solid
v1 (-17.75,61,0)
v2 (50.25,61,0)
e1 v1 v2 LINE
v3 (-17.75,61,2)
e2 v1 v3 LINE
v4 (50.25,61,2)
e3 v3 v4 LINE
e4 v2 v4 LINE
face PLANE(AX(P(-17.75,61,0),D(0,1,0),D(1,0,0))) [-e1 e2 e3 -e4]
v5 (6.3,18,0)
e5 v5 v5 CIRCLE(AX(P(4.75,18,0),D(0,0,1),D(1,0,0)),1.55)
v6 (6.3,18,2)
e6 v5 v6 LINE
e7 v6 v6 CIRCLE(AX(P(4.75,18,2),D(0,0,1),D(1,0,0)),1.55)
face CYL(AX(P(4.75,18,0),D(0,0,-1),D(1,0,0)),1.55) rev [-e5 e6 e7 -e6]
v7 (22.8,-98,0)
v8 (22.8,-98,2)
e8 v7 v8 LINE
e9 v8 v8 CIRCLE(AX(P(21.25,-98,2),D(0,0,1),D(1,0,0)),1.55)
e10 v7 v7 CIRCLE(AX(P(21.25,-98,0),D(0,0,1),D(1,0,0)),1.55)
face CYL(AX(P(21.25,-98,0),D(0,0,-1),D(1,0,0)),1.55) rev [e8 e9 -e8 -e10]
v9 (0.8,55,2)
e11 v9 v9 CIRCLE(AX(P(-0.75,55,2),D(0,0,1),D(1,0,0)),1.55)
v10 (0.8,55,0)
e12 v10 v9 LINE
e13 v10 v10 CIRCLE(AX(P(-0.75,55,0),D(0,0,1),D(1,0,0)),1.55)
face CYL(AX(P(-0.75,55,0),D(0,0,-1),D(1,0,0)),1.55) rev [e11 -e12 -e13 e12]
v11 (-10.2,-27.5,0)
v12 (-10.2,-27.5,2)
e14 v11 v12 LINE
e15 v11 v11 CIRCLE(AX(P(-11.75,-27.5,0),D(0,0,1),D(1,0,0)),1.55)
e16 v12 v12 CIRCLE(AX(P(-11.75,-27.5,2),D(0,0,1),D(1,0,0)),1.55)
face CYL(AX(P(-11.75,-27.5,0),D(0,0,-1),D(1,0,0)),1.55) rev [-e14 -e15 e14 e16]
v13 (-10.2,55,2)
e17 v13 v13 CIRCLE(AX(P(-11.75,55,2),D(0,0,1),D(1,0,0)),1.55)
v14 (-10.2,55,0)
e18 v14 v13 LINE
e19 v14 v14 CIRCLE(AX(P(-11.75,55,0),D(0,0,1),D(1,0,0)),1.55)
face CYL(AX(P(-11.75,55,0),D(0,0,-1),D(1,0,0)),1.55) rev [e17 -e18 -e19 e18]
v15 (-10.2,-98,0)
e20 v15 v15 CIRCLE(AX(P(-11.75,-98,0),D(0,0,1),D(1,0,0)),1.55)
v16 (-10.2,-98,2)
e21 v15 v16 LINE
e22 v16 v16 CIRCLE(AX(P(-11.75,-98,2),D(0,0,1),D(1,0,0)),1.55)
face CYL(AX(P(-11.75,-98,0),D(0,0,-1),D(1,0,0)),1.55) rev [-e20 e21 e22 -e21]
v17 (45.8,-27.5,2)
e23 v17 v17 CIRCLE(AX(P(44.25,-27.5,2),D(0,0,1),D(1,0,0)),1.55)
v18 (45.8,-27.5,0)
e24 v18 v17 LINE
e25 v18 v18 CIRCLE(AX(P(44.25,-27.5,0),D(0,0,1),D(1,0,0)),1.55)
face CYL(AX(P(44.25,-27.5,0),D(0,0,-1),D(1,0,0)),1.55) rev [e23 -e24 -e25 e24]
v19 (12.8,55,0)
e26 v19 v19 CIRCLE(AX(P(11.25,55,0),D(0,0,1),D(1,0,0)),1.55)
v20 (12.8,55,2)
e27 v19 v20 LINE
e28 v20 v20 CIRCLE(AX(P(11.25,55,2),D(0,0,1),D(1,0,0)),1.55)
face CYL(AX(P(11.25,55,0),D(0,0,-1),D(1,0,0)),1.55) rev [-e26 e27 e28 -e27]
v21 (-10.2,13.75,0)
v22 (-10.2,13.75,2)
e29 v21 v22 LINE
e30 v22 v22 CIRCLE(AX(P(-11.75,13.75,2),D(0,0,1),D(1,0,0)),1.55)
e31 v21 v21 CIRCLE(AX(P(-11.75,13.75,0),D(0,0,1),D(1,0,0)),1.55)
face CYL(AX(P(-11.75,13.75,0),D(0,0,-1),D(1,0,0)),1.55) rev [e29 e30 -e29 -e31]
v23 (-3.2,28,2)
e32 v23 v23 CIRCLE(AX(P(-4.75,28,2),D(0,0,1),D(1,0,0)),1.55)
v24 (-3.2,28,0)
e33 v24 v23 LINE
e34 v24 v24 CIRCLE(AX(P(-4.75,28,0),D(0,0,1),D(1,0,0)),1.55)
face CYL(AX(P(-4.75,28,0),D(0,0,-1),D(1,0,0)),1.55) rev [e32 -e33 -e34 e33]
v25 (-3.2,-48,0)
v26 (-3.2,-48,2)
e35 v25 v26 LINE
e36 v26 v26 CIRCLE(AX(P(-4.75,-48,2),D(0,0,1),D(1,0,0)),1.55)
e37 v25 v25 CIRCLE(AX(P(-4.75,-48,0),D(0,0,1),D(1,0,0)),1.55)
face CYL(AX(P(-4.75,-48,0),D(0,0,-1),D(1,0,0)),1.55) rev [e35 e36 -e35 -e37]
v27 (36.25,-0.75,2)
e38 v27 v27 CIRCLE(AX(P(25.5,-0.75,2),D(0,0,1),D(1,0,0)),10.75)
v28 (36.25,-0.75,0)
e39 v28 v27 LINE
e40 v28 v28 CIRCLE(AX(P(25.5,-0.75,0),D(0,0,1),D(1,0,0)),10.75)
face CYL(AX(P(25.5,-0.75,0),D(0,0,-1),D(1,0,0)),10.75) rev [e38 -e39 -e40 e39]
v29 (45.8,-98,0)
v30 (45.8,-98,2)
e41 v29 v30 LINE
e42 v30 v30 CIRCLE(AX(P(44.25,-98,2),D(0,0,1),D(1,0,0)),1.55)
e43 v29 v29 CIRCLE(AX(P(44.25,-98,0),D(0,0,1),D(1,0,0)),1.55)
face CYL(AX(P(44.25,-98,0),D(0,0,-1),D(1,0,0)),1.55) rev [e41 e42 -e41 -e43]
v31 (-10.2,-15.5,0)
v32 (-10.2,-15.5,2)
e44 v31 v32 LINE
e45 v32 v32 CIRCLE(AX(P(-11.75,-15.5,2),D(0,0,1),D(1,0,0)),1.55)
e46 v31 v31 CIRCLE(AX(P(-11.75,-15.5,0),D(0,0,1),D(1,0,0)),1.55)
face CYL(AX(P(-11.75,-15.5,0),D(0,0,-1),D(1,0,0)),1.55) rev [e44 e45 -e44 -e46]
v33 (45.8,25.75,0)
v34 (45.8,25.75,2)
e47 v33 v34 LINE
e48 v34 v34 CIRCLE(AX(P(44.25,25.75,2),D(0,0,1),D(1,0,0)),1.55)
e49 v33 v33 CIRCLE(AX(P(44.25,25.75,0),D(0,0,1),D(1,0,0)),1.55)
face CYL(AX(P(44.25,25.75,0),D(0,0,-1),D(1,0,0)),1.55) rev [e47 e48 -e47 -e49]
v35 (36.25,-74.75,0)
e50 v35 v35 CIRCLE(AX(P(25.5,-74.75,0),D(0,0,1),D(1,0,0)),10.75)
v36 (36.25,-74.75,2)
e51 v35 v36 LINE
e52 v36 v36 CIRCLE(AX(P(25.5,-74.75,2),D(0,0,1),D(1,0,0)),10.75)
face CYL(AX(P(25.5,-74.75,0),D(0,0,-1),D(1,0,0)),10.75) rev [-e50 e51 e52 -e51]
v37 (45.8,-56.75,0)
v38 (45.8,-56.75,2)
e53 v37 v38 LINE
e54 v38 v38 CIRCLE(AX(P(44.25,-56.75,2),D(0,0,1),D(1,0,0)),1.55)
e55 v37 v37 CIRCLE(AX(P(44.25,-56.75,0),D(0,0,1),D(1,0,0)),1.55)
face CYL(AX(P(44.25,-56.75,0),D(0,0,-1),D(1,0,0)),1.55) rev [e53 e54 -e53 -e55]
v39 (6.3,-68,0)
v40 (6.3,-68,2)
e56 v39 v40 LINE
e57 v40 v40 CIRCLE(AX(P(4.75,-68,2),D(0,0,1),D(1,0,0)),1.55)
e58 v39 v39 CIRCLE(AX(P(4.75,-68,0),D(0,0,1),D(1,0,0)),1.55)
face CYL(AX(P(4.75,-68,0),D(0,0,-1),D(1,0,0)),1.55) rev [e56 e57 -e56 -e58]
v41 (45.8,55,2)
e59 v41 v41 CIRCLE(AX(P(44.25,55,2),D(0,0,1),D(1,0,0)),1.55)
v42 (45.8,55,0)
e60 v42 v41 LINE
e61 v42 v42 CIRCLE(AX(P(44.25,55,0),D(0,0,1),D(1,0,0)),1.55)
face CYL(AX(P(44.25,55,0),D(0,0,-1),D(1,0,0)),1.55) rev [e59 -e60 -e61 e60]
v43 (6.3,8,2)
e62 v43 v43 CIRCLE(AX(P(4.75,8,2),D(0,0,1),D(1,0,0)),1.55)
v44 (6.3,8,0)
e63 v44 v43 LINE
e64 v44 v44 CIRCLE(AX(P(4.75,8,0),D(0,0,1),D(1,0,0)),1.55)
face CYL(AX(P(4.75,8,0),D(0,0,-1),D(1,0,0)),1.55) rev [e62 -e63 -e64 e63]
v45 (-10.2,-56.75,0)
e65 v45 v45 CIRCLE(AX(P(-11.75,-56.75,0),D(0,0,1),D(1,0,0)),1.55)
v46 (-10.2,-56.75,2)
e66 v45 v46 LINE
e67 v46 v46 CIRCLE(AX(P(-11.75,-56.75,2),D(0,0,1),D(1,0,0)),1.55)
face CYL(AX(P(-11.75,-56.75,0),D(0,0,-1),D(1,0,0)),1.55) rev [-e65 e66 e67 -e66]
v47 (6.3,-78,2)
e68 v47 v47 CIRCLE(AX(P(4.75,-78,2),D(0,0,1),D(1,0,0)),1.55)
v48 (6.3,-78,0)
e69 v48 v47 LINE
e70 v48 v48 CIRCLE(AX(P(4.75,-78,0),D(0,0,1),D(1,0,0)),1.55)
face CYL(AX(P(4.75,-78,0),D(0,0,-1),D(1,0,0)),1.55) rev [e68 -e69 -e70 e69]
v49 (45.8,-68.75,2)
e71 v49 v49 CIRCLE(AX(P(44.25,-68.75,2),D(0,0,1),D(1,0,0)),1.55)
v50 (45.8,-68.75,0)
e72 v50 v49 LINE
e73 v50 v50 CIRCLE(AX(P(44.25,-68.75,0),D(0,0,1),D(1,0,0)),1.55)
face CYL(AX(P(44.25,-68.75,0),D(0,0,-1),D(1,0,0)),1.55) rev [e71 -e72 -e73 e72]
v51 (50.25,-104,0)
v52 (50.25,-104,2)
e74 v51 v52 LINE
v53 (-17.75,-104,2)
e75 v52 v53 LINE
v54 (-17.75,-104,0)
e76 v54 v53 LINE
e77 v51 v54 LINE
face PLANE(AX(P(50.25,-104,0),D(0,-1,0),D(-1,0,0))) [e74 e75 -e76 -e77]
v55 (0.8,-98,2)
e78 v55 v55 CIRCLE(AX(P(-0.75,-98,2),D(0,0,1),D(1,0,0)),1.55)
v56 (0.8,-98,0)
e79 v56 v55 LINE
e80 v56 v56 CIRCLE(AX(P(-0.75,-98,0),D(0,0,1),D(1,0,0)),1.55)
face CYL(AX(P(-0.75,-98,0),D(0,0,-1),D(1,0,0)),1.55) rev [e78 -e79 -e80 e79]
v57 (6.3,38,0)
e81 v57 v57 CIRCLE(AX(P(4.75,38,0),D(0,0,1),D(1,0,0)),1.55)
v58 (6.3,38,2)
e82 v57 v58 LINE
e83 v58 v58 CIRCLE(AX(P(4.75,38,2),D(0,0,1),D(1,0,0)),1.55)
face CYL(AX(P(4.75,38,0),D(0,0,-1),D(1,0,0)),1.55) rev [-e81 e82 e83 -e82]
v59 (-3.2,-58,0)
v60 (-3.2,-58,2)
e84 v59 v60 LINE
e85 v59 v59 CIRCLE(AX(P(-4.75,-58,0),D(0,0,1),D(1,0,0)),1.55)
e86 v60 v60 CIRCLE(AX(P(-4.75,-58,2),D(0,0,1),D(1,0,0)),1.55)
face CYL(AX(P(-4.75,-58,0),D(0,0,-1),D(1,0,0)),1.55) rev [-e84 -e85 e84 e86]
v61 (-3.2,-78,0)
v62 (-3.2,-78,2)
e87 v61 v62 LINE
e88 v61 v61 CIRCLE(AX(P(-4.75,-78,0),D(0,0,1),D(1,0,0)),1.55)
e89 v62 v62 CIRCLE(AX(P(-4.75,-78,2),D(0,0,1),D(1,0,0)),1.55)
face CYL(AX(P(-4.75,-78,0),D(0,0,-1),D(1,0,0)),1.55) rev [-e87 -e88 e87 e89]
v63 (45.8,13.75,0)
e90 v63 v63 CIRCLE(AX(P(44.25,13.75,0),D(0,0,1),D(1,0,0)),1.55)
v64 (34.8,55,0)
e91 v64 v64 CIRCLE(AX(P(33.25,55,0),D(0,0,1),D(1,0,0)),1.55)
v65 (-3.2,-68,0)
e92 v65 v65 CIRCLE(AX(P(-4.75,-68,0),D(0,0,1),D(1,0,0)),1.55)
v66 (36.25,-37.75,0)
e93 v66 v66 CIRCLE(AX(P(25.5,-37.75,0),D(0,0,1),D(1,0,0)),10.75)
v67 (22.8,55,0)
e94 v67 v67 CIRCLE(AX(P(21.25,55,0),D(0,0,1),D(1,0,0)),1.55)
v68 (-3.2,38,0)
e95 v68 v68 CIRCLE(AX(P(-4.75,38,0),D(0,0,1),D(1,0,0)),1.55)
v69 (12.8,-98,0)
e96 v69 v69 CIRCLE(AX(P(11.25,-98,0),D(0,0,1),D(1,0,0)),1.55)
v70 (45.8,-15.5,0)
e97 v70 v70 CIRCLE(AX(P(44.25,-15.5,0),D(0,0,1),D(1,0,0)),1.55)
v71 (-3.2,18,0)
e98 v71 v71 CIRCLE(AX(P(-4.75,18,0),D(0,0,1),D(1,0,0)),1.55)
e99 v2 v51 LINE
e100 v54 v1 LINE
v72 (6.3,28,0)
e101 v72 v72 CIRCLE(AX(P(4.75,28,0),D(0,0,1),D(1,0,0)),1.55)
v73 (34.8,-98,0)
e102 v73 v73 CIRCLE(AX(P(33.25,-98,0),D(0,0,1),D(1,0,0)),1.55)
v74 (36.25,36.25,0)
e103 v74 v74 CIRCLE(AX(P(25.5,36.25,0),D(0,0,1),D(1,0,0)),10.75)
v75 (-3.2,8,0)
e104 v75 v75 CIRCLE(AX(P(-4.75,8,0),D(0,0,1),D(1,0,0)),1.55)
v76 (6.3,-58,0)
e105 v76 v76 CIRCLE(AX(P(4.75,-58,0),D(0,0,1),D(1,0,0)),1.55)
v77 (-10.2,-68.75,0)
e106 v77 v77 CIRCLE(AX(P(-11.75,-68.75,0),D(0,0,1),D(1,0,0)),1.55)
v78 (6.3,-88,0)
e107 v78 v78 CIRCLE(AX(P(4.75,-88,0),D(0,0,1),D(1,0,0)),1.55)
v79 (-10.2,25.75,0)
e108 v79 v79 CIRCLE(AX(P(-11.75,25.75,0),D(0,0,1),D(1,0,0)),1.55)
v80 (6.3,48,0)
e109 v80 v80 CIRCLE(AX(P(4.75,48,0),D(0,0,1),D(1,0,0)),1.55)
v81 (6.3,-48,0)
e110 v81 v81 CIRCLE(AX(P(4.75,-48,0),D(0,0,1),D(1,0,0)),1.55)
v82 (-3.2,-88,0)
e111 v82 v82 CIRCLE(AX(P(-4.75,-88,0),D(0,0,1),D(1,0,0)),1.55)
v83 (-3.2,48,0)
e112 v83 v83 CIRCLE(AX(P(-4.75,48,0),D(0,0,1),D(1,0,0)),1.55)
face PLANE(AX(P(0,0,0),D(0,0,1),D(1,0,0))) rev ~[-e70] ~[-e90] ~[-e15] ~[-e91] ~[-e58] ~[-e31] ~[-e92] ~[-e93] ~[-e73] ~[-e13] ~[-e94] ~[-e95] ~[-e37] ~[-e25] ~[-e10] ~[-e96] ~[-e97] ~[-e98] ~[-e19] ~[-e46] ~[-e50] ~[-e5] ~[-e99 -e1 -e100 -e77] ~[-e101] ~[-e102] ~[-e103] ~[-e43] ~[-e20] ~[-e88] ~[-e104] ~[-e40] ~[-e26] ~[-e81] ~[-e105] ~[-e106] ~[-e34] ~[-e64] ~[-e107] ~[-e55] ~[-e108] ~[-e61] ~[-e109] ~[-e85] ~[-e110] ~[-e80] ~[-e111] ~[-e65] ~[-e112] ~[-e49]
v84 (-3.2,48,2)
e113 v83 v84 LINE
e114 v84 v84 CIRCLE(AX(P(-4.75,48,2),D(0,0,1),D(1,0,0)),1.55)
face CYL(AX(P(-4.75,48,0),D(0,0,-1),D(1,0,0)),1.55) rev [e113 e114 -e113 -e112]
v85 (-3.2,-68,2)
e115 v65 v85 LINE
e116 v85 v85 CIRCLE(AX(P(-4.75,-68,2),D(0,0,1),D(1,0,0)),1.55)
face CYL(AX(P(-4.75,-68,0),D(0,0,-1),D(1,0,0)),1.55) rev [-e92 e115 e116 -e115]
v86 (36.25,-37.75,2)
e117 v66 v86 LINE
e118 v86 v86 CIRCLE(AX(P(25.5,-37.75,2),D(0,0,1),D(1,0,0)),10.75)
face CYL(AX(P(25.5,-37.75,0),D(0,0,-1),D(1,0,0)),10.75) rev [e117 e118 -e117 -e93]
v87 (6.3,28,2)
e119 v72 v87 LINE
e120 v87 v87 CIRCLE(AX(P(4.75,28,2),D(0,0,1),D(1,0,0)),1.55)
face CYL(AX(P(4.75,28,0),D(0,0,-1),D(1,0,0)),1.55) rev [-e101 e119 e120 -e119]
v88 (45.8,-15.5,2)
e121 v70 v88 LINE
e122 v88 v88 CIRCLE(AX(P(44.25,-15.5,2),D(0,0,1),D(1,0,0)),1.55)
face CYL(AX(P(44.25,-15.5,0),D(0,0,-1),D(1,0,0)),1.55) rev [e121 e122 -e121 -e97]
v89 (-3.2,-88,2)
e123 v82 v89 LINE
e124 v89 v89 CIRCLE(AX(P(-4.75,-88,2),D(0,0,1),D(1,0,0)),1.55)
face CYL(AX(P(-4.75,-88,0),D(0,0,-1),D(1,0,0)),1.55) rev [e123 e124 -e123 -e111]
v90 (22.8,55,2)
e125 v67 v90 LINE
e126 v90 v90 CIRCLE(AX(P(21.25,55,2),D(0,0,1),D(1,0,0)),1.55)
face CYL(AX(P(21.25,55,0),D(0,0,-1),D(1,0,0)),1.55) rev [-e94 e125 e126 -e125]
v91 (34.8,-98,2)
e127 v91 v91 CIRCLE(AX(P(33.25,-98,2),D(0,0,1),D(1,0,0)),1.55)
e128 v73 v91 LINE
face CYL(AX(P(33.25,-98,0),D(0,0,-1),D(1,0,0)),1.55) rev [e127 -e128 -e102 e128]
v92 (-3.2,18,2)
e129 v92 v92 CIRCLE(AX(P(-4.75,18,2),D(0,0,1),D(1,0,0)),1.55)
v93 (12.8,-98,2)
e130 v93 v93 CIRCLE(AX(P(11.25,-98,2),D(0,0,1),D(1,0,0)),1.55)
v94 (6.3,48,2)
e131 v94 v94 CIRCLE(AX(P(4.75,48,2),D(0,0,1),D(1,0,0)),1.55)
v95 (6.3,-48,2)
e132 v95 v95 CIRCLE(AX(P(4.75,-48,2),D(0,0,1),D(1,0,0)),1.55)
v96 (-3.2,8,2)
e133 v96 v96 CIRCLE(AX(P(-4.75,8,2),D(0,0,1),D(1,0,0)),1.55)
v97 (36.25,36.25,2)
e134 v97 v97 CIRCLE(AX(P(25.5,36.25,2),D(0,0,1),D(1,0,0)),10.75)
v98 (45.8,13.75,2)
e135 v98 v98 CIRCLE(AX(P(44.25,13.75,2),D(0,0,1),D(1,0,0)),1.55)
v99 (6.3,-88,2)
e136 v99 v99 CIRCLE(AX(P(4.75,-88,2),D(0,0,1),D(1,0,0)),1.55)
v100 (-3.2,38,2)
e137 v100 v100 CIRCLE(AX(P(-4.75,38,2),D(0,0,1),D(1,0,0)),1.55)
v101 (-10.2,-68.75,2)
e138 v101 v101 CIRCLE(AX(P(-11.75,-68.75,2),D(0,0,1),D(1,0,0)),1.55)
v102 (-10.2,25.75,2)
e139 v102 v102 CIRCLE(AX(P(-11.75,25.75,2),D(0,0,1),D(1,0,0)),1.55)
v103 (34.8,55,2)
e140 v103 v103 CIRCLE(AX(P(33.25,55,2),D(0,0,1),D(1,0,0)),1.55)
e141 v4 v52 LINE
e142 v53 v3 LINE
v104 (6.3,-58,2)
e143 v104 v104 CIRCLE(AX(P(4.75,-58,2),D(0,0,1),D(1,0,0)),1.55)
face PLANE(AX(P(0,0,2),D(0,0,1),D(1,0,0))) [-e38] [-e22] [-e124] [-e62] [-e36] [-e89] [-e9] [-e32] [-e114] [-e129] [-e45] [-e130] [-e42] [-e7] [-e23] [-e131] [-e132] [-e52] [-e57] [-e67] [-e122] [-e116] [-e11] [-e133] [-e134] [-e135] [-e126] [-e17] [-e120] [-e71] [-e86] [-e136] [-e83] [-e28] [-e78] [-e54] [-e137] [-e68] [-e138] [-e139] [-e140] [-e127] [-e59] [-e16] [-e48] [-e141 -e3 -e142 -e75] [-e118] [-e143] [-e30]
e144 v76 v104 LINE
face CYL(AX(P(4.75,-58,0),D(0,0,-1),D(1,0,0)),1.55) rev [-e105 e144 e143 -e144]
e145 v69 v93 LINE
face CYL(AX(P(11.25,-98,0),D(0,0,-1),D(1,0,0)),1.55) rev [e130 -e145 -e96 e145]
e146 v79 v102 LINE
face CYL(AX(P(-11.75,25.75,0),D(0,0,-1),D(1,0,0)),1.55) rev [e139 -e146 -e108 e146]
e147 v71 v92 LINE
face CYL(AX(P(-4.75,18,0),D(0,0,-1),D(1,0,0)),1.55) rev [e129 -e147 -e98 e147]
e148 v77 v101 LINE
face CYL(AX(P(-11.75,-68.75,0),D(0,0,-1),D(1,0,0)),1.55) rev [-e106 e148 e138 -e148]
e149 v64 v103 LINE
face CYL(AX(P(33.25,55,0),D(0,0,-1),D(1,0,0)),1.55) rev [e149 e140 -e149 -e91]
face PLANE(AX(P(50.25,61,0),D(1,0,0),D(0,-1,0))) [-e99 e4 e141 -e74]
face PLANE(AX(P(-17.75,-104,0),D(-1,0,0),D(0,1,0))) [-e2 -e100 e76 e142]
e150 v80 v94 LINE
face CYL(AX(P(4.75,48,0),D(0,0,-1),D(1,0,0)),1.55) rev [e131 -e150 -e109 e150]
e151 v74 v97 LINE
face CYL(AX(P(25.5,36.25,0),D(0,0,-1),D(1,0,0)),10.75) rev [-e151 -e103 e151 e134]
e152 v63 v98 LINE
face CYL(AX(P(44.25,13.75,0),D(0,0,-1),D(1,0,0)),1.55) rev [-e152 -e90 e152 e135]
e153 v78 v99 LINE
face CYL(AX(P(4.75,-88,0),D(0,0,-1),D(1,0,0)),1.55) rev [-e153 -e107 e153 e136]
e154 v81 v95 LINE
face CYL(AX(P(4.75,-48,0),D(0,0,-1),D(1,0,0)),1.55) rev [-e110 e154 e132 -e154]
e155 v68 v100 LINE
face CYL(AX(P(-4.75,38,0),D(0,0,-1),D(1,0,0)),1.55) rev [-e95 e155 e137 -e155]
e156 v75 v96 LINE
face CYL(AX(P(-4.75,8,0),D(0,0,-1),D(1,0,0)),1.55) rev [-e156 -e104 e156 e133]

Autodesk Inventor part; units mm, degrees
ref_plane "YZ Plane" through (0, 0, 0) normal (1, 0, 0) x (0, 1, 0)
ref_plane "XZ Plane" through (0, 0, 0) normal (0, 1, 0) x (-1, 0, 0)
ref_plane "XY Plane" through (0, 0, 0) normal (0, 0, 1) x (1, 0, 0)
sketch "スケッチ1" plane through (0, 0, 0) normal (0, 0, 1) x (1, 0, 0)
  circle A0 centre (-4.75, 48) radius 1.55
  circle A1 centre (4.75, 48) radius 1.55
  circle A2 centre (-4.75, -48) radius 1.55
  circle A3 centre (4.75, -48) radius 1.55
  line L0 (-4.75, -48) -> (4.75, -48) construction
  line L1 (4.75, -48) -> (4.75, 48) construction
  line L2 (4.75, 48) -> (-4.75, 48) construction
  line L3 (-4.75, 48) -> (-4.75, -48) construction
  line L4 (-4.75, -48) -> (4.75, 48) construction
  line L5 (4.75, -48) -> (-4.75, 48) construction
  line L6 (-17.75, 61) -> (50.25, 61)
  line L7 (50.25, 61) -> (50.25, -104)
  line L8 (50.25, -104) -> (-17.75, -104)
  line L9 (-17.75, -104) -> (-17.75, 61)
  circle A4 centre (44.25, 55) radius 1.55
  line L10 (16.25, 61) -> (16.25, -104) construction
  line L11 (16.25, -21.5) -> (50.25, -21.5) construction
  circle A5 centre (21.25, 55) radius 1.55
  circle A6 centre (33.25, 55) radius 1.55
  line L12 (16.25, 19.75) -> (50.25, 19.75) construction
  line L13 (16.25, 40.375) -> (50.25, 40.375) construction
  circle A7 centre (44.25, 25.75) radius 1.55
  circle A8 centre (44.25, -15.5) radius 1.55
  circle A9 centre (44.25, 13.75) radius 1.55
  circle A10 centre (44.25, -98) radius 1.55
  circle A11 centre (21.25, -98) radius 1.55
  circle A12 centre (33.25, -98) radius 1.55
  circle A13 centre (44.25, -68.75) radius 1.55
  circle A14 centre (44.25, -27.5) radius 1.55
  circle A15 centre (44.25, -56.75) radius 1.55
  circle A16 centre (-11.75, 55) radius 1.55
  circle A17 centre (11.25, 55) radius 1.55
  circle A18 centre (-0.75, 55) radius 1.55
  circle A19 centre (-11.75, 25.75) radius 1.55
  circle A20 centre (-11.75, -15.5) radius 1.55
  circle A21 centre (-11.75, 13.75) radius 1.55
  circle A22 centre (-11.75, -27.5) radius 1.55
  circle A23 centre (-11.75, -56.75) radius 1.55
  circle A24 centre (11.25, -98) radius 1.55
  circle A25 centre (-0.75, -98) radius 1.55
  circle A26 centre (-11.75, -98) radius 1.55
  circle A27 centre (-11.75, -68.75) radius 1.55
  circle A28 centre (-4.75, 38) radius 1.55
  circle A29 centre (4.75, 38) radius 1.55
  circle A30 centre (-4.75, -58) radius 1.55
  circle A31 centre (4.75, -58) radius 1.55
  circle A32 centre (-4.75, 28) radius 1.55
  circle A33 centre (4.75, 28) radius 1.55
  circle A34 centre (-4.75, -68) radius 1.55
  circle A35 centre (4.75, -68) radius 1.55
  circle A36 centre (-4.75, 18) radius 1.55
  circle A37 centre (4.75, 18) radius 1.55
  circle A38 centre (-4.75, -78) radius 1.55
  circle A39 centre (4.75, -78) radius 1.55
  circle A40 centre (-4.75, 8) radius 1.55
  circle A41 centre (4.75, 8) radius 1.55
  circle A42 centre (-4.75, -88) radius 1.55
  circle A43 centre (4.75, -88) radius 1.55
  circle A44 centre (25.5, 36.25) radius 10.75
  line L14 (14.75, 47) -> (36.25, 47) construction
  line L15 (36.25, 47) -> (36.25, -90) construction
  line L16 (36.25, -90) -> (14.75, -90) construction
  line L17 (14.75, -90) -> (14.75, 47) construction
  circle A45 centre (25.5, -0.75) radius 10.75
  circle A46 centre (25.5, -37.75) radius 10.75
  circle A47 centre (25.5, -74.75) radius 10.75
  circle A48 centre (4.75, 48) radius 2.75 construction
  point P0 (0, 0)
  dimension "d0" = 3.1
  dimension "d1" = 9.5
  dimension "d2" = 96
  dimension "d3" = 13
  dimension "d4" = 13
  dimension "d7" = 165
  dimension "d8" = 68
  dimension "d16" = 3.1
  dimension "d17" = 6
  dimension "d18" = 6
  dimension "d19" = 5
  dimension "d20" = 17
  dimension "d21" = 41.25
  dimension "d22" = 20.625
  dimension "d25" = 10
  dimension "d30" = 10
  dimension "d31" = 8
  dimension "d32" = 8
  dimension "d35" = 37
  dimension "d40" = 8
  dimension "d41" = 5.5
extrude "押し出し1" add sketch "スケッチ1" along normal blind 2
equation "\"d1\" = d20_1"
equation "\"d4\" = d3"
equation "\"d8\" = 足_短辺"
equation "\"d18\" = d17"
equation "\"d20\" = 0.25 * d8"
equation "\"d21\" = 0.25 * d7"
equation "\"d22\" = 0.5 * d21"
equation "\"d31\" = d32"
equation "\"d40\" = d31"
equation "\"H_head\" = 96"
equation "\"H_leg\" = 306"
equation "\"足の面積\" = 12720.125"
equation "\"現在の面積\" = 11560"
equation "\"足_短辺\" = 68"
equation "\"円柱\" = 313.5"
equation "\"胴体中心から手先\" = 342"
equation "\"H_leg_1\" = 186.2"
equation "\"H_leg_MAX\" = 399"
equation "\"H_head_1\" = 26.6"
equation "\"H_head_MAX\" = 142.5"
equation "\"d20_1\" = 9.5"
properties part number "足裏_メインフレーム_1_3" material "GFRP"
